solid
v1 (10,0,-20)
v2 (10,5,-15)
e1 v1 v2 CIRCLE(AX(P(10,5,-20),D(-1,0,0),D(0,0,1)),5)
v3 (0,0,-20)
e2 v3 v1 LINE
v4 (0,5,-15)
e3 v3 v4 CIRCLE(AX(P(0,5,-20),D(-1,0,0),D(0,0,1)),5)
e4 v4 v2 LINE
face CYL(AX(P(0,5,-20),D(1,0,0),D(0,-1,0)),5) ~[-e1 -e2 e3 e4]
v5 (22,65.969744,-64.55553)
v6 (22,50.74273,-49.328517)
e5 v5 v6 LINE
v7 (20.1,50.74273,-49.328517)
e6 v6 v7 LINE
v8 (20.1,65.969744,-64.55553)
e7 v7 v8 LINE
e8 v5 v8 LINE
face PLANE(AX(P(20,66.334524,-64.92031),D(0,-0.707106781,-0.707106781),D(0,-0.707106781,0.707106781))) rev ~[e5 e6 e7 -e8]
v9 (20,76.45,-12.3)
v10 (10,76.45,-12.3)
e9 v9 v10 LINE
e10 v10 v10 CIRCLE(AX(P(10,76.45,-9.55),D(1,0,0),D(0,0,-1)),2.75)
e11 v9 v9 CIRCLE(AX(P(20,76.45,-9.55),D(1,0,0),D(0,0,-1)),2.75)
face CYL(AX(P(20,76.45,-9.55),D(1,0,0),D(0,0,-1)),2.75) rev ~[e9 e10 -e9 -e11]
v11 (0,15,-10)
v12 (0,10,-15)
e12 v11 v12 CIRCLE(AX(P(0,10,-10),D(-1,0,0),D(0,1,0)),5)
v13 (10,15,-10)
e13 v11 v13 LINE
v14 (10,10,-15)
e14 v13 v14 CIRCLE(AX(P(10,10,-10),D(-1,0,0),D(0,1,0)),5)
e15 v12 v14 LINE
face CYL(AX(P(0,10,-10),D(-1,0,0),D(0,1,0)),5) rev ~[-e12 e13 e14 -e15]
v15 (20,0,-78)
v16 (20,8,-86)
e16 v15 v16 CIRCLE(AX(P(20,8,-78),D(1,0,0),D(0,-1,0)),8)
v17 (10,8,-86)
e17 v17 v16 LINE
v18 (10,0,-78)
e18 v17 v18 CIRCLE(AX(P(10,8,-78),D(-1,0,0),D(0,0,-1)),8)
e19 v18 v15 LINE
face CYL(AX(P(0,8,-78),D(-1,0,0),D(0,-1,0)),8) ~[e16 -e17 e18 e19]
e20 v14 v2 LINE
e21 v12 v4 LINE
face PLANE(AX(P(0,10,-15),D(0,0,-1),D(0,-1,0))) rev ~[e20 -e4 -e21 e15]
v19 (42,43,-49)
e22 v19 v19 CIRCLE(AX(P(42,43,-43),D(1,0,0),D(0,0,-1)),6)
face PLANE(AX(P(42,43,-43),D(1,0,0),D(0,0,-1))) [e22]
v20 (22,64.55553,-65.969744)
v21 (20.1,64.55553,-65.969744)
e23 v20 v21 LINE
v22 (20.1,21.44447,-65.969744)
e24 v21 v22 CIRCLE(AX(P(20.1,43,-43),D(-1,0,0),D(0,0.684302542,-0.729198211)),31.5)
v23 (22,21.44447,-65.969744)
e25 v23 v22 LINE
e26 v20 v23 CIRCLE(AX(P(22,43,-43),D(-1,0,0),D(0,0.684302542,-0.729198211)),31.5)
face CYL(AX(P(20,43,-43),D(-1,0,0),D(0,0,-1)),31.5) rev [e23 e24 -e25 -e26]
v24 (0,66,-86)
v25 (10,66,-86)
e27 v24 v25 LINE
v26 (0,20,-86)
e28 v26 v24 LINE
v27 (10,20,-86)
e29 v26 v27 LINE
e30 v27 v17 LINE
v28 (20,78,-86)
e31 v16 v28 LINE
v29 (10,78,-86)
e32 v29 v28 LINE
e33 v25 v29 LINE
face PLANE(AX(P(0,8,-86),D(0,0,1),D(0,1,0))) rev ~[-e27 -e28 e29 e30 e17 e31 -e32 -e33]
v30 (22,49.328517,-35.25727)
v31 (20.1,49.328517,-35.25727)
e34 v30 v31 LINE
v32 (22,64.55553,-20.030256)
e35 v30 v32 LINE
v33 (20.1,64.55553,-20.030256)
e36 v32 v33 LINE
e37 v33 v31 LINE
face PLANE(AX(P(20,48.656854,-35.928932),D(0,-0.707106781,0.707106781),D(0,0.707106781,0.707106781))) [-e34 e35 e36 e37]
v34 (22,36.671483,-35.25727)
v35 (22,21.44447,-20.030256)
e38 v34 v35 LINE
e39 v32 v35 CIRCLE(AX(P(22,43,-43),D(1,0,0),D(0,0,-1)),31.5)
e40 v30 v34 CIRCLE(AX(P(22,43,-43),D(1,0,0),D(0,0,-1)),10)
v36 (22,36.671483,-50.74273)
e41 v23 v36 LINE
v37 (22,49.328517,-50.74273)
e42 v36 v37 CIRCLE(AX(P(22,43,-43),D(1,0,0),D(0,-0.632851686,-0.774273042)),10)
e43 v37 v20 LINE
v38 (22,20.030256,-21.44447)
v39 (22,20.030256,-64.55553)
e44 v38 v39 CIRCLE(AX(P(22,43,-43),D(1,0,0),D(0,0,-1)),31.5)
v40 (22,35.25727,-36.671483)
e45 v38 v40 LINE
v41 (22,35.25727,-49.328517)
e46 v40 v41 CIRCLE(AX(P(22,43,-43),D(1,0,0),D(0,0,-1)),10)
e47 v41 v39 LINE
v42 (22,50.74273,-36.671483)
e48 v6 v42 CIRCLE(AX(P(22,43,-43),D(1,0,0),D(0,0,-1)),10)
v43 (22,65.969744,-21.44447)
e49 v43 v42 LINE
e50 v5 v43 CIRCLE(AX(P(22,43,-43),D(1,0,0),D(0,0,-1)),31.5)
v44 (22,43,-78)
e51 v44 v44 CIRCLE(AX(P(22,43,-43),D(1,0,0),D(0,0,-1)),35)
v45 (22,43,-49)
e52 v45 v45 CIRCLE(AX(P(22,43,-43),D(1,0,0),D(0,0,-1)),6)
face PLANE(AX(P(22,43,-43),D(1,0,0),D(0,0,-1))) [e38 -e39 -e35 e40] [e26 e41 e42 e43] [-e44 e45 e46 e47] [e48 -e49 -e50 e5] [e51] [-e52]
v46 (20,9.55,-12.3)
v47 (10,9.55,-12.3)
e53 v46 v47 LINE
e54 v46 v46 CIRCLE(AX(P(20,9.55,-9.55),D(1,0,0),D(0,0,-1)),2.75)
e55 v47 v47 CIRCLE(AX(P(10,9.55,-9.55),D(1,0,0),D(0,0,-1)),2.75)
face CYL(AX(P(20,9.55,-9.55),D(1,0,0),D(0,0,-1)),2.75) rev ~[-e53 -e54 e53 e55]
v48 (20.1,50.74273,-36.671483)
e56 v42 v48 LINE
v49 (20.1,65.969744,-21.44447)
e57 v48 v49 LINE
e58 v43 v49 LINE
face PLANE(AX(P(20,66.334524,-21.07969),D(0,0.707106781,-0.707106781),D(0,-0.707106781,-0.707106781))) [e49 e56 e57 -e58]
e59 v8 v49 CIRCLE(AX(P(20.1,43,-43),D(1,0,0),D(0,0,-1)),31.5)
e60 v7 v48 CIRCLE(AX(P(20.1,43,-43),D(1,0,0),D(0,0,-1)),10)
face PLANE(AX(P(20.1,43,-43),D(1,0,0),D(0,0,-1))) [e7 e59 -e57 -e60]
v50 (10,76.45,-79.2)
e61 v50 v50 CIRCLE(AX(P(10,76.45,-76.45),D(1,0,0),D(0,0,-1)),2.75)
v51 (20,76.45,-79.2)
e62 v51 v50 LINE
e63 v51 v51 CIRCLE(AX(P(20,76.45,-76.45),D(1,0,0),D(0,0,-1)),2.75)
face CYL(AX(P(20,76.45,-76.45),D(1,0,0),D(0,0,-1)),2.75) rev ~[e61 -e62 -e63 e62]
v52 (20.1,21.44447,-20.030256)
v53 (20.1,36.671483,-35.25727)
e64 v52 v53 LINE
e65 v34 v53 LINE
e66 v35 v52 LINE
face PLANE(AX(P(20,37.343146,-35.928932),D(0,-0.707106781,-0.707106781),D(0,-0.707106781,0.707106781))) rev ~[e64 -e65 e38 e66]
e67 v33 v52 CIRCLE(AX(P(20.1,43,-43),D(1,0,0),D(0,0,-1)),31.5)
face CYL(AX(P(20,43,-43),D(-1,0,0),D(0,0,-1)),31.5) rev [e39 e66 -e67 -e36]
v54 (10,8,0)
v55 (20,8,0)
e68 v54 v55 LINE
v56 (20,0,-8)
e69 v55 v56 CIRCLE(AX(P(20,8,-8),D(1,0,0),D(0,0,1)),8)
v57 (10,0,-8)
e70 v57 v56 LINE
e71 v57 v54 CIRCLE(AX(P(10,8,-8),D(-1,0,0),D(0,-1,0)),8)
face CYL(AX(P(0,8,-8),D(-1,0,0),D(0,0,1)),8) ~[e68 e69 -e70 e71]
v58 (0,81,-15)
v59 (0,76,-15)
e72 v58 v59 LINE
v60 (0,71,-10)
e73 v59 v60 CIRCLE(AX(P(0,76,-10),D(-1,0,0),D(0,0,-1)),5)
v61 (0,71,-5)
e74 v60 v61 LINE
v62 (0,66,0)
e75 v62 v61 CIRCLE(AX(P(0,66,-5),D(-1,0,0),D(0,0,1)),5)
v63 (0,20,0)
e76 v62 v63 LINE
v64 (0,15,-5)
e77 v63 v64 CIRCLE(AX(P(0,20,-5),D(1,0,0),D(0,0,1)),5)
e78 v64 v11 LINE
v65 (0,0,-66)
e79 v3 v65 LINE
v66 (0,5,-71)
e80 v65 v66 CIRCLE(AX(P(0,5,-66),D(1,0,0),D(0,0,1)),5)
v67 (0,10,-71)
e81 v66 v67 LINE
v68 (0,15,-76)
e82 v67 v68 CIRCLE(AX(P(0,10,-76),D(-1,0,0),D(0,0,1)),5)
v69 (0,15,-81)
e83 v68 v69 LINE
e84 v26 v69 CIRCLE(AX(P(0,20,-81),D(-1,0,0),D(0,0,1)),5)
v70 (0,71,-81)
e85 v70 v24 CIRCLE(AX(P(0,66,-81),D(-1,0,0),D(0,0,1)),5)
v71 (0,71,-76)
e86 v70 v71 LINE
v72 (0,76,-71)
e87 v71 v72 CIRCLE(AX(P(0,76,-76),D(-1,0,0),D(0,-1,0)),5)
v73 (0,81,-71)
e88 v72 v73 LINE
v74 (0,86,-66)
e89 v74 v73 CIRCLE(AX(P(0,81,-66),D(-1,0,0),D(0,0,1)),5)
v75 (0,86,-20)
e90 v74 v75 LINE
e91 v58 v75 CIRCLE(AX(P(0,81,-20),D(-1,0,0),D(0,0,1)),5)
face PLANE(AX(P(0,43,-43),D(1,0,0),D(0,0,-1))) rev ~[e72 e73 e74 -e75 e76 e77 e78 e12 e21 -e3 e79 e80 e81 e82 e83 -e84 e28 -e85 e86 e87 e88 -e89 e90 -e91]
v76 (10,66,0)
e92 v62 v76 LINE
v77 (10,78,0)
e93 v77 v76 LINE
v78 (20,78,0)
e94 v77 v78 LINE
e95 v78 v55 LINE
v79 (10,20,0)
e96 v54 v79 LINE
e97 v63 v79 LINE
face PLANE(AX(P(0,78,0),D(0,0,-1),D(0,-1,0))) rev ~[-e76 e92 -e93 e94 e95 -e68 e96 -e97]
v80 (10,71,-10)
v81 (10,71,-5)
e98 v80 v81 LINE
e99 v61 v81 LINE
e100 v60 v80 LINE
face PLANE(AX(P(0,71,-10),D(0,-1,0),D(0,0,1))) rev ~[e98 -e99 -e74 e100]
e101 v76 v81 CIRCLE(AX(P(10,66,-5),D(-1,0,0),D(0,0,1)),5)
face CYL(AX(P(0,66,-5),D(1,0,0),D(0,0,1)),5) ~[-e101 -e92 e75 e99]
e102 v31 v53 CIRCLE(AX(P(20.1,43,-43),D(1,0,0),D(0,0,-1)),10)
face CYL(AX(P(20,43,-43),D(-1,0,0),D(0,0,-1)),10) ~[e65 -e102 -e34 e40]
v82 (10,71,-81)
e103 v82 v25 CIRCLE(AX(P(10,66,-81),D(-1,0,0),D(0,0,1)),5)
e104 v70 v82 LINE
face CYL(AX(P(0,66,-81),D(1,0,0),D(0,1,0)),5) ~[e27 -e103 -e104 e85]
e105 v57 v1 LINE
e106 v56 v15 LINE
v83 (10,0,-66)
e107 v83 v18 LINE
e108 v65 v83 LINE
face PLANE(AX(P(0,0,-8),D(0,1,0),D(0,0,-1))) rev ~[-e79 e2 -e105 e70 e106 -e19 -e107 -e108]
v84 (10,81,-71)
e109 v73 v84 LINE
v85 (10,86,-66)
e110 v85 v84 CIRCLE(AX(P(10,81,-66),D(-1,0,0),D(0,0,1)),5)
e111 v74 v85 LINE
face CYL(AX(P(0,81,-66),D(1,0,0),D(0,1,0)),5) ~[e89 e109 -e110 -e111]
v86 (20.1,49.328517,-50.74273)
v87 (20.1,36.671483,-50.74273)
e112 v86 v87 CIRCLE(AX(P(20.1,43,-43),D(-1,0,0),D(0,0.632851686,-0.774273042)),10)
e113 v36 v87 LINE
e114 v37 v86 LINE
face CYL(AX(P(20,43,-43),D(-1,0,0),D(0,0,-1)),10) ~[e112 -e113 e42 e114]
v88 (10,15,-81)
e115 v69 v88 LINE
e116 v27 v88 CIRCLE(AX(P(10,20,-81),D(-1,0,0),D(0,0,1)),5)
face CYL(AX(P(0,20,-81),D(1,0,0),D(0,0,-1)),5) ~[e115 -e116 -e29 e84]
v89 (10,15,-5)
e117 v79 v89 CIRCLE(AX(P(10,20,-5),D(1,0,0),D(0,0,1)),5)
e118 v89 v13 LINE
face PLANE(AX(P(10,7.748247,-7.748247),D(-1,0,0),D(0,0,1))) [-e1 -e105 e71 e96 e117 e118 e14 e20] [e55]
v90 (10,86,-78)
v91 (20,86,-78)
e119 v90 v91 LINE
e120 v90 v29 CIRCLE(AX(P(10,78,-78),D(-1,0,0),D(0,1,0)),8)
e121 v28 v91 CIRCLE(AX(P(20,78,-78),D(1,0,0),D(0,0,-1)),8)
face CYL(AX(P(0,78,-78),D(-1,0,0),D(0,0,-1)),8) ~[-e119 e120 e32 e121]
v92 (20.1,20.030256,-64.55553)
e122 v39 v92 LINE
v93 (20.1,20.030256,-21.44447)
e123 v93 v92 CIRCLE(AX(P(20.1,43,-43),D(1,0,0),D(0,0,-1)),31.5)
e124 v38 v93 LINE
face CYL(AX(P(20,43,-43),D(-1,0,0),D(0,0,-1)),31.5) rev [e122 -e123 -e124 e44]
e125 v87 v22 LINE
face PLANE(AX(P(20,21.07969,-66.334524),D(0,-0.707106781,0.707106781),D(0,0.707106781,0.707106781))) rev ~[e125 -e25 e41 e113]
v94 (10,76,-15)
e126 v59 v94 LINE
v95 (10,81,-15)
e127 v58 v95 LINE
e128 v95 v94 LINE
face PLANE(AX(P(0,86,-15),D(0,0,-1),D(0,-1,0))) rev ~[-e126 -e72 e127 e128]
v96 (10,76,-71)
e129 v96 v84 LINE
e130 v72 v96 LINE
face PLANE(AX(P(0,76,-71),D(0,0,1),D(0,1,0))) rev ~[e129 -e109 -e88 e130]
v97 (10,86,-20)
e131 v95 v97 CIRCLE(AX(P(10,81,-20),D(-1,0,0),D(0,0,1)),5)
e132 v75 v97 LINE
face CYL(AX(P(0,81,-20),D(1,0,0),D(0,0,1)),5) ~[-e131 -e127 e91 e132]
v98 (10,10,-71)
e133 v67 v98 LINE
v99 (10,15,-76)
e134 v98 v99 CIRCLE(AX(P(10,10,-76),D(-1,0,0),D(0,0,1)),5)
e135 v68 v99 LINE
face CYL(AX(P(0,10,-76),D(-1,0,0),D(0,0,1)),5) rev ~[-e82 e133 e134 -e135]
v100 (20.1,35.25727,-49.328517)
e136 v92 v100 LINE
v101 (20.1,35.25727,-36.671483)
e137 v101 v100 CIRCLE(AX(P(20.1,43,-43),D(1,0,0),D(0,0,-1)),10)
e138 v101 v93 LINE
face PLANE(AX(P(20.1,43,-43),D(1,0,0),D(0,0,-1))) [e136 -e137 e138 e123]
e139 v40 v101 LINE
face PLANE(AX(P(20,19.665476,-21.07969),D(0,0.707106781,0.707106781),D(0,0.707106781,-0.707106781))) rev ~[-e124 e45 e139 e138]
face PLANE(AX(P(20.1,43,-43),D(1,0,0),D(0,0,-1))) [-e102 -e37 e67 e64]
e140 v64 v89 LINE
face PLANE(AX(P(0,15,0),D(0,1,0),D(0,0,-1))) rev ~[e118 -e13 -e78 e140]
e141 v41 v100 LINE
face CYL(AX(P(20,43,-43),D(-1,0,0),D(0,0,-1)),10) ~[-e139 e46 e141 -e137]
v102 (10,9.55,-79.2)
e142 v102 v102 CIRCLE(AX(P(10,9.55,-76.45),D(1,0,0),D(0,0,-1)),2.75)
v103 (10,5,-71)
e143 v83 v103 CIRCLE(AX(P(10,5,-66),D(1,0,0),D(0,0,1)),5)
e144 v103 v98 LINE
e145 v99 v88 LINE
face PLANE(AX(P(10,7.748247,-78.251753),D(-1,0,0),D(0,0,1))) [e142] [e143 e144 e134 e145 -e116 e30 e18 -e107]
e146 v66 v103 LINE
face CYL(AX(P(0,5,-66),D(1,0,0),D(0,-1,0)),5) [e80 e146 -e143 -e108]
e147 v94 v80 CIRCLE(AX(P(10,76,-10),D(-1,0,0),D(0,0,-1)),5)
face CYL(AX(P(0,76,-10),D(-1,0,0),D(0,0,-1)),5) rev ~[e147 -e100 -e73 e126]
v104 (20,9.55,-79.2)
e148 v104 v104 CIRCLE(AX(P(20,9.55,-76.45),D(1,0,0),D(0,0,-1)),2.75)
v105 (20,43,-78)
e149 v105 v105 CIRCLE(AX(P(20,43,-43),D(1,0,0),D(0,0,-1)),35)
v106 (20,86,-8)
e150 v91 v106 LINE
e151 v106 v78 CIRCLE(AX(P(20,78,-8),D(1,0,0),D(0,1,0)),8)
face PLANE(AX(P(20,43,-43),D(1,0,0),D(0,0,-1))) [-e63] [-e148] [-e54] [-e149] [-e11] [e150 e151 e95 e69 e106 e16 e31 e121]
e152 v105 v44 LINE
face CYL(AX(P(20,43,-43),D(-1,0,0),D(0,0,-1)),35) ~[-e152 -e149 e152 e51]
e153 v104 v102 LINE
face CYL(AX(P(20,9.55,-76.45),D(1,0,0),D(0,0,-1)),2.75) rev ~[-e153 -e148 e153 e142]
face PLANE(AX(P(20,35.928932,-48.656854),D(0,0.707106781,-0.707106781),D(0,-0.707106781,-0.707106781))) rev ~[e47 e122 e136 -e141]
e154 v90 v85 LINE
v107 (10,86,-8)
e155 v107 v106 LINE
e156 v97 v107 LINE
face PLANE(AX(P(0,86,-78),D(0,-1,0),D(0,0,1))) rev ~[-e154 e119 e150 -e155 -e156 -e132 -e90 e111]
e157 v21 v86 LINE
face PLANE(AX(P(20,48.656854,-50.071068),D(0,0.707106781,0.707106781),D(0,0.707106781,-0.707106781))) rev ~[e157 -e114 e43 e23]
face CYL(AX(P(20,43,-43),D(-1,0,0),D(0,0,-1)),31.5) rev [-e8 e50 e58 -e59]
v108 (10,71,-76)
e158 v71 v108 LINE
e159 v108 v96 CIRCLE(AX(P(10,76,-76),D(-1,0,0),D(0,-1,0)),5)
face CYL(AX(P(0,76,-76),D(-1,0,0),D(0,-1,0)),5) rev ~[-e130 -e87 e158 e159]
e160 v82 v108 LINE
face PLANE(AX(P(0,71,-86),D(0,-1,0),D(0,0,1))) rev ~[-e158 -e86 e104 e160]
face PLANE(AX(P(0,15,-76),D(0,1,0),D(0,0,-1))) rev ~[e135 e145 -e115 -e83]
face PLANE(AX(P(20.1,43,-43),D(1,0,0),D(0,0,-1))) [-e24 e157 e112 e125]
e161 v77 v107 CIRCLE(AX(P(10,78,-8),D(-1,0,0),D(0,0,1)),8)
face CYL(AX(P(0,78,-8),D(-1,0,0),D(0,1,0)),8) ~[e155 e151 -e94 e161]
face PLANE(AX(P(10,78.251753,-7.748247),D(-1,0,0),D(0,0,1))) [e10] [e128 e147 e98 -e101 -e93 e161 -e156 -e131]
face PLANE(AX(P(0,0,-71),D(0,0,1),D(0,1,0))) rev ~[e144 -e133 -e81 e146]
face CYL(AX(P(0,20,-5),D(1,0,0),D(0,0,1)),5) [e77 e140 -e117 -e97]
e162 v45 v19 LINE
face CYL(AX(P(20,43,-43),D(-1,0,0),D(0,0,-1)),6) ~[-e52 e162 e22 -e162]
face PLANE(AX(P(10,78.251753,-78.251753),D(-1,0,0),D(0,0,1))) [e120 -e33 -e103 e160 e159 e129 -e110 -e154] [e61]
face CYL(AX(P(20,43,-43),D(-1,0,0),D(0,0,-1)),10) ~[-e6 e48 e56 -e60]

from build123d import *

# Parameters (mm, degrees)
BOSS_EXTRUDE1_DEPTH = 20
CUT_EXTRUDE1_DEPTH  = 10
FILLET1_R           = 5
SKETCH3_R           = 2.75
CUT_EXTRUDE2_DEPTH  = 10
SKETCH4_R           = 6
BOSS_EXTRUDE3_DEPTH = 22
SKETCH5_R           = 35
SKETCH5_R_2         = 31.5
SKETCH5_R_3         = 10
SKETCH5_R_4         = 6
BOSS_EXTRUDE4_DEPTH = 2
SKETCH6_R           = 31.5
SKETCH6_R_2         = 10
BOSS_EXTRUDE5_DEPTH = 0.1
BOSS_EXTRUDE6_DEPTH = 2


with BuildPart() as part:
    # Sketch1 → Boss-Extrude1 (new body)
    with BuildSketch(Plane(origin=(0, 0, 0), x_dir=(0, 0, -1), z_dir=(1, 0, 0))):
        with BuildLine():
            Line((8, 0), (78, 0))
            ThreePointArc((78, 0), (83.656854249, 2.343145751), (86, 8))
            Line((86, 8), (86, 78))
            ThreePointArc((86, 78), (83.656854249, 83.656854249), (78, 86))
            Line((78, 86), (8, 86))
            ThreePointArc((8, 86), (2.343145751, 83.656854249), (0, 78))
            Line((0, 78), (0, 8))
            ThreePointArc((0, 8), (2.343145751, 2.343145751), (8, 0))
        make_face()
    extrude(amount=BOSS_EXTRUDE1_DEPTH)

    # Sketch2 → Cut-Extrude1 (cut)
    with BuildSketch(Plane.ZY):
        with BuildLine():
            Line((-71, 76), (-71, 86))
            Line((-71, 86), (-78, 86))
            ThreePointArc((-78, 86), (-83.656854249, 83.656854249), (-86, 78))
            Line((-86, 78), (-86, 71))
            Line((-86, 71), (-76, 71))
            ThreePointArc((-76, 71), (-72.464466094, 72.464466094), (-71, 76))
        make_face()
        with BuildLine():
            Line((-8, 86), (-15, 86))
            Line((-15, 86), (-15, 76))
            ThreePointArc((-15, 76), (-13.535533906, 72.464466094), (-10, 71))
            Line((-10, 71), (0, 71))
            Line((0, 71), (0, 78))
            ThreePointArc((0, 78), (-2.343145751, 83.656854249), (-8, 86))
        make_face()
        with BuildLine():
            Line((0, 8), (0, 15))
            Line((0, 15), (-10, 15))
            ThreePointArc((-10, 15), (-13.535533906, 13.535533906), (-15, 10))
            Line((-15, 10), (-15, 0))
            Line((-15, 0), (-8, 0))
            ThreePointArc((-8, 0), (-2.343145751, 2.343145751), (0, 8))
        make_face()
        with BuildLine():
            Line((-76, 15), (-86, 15))
            Line((-86, 15), (-86, 8))
            ThreePointArc((-86, 8), (-83.656854249, 2.343145751), (-78, 0))
            Line((-78, 0), (-71, 0))
            Line((-71, 0), (-71, 10))
            ThreePointArc((-71, 10), (-72.464466094, 13.535533906), (-76, 15))
        make_face()
    extrude(amount=-CUT_EXTRUDE1_DEPTH, mode=Mode.SUBTRACT)

    # Fillet1
    fillet1_edges = [part.edges().sort_by_distance(p)[0] for p in [
        (5, 71, -86),
        (5, 86, -71),
        (5, 86, -15),
        (5, 71, 0),
        (5, 15, 0),
        (5, 0, -15),
        (5, 0, -71),
        (5, 15, -86),
    ]]
    fillet(fillet1_edges, radius=FILLET1_R)

    # Sketch3 → Cut-Extrude2 (cut)
    with BuildSketch(Plane(origin=(20, 0, 0), x_dir=(0, 0, -1), z_dir=(1, 0, 0))):
        with Locations((9.55, 76.45)):
            Circle(SKETCH3_R)
        with Locations((76.45, 76.45)):
            Circle(SKETCH3_R)
        with Locations((76.45, 9.55)):
            Circle(SKETCH3_R)
        with Locations((9.55, 9.55)):
            Circle(SKETCH3_R)
    extrude(amount=-CUT_EXTRUDE2_DEPTH, mode=Mode.SUBTRACT)

    # Sketch4 → Boss-Extrude3 (add)
    with BuildSketch(Plane(origin=(20, 0, 0), x_dir=(0, 0, -1), z_dir=(1, 0, 0))):
        with Locations((43, 43)):
            Circle(SKETCH4_R)
    extrude(amount=BOSS_EXTRUDE3_DEPTH)

    # Sketch5 → Boss-Extrude4 (add)
    with BuildSketch(Plane(origin=(20, 0, 0), x_dir=(0, 0, -1), z_dir=(1, 0, 0))):
        with Locations((43, 43)):
            Circle(SKETCH5_R)
        with Locations((43, 43)):
            Circle(SKETCH5_R_2, mode=Mode.SUBTRACT)
        with Locations((43, 43)):
            Circle(SKETCH5_R_3)
        with Locations((43, 43)):
            Circle(SKETCH5_R_4, mode=Mode.SUBTRACT)
    extrude(amount=BOSS_EXTRUDE4_DEPTH)

    # Sketch6 → Boss-Extrude5 (add)
    with BuildSketch(Plane(origin=(20, 0, 0), x_dir=(0, 0, -1), z_dir=(1, 0, 0))):
        with Locations((43, 43)):
            Circle(SKETCH6_R)
        with Locations((43, 43)):
            Circle(SKETCH6_R_2, mode=Mode.SUBTRACT)
    extrude(amount=BOSS_EXTRUDE5_DEPTH)

    # Sketch7 → Boss-Extrude6 (add)
    with BuildSketch(Plane(origin=(20, 0, 0), x_dir=(0, 0, -1), z_dir=(1, 0, 0))):
        Polygon((37.343145751, 50.071067812), (35.928932188, 48.656854249), (19.665476221, 64.920310217), (21.079689783, 66.334523779), align=None)
        Polygon((21.079689783, 19.665476221), (37.343145751, 35.928932188), (35.928932188, 37.343145751), (19.665476221, 21.079689783), align=None)
        Polygon((66.334523779, 21.079689783), (50.071067812, 37.343145751), (48.656854249, 35.928932188), (64.920310217, 19.665476221), align=None)
        Polygon((64.920310217, 66.334523779), (48.656854249, 50.071067812), (50.071067812, 48.656854249), (66.334523779, 64.920310217), align=None)
    extrude(amount=BOSS_EXTRUDE6_DEPTH)


solid = part.part
